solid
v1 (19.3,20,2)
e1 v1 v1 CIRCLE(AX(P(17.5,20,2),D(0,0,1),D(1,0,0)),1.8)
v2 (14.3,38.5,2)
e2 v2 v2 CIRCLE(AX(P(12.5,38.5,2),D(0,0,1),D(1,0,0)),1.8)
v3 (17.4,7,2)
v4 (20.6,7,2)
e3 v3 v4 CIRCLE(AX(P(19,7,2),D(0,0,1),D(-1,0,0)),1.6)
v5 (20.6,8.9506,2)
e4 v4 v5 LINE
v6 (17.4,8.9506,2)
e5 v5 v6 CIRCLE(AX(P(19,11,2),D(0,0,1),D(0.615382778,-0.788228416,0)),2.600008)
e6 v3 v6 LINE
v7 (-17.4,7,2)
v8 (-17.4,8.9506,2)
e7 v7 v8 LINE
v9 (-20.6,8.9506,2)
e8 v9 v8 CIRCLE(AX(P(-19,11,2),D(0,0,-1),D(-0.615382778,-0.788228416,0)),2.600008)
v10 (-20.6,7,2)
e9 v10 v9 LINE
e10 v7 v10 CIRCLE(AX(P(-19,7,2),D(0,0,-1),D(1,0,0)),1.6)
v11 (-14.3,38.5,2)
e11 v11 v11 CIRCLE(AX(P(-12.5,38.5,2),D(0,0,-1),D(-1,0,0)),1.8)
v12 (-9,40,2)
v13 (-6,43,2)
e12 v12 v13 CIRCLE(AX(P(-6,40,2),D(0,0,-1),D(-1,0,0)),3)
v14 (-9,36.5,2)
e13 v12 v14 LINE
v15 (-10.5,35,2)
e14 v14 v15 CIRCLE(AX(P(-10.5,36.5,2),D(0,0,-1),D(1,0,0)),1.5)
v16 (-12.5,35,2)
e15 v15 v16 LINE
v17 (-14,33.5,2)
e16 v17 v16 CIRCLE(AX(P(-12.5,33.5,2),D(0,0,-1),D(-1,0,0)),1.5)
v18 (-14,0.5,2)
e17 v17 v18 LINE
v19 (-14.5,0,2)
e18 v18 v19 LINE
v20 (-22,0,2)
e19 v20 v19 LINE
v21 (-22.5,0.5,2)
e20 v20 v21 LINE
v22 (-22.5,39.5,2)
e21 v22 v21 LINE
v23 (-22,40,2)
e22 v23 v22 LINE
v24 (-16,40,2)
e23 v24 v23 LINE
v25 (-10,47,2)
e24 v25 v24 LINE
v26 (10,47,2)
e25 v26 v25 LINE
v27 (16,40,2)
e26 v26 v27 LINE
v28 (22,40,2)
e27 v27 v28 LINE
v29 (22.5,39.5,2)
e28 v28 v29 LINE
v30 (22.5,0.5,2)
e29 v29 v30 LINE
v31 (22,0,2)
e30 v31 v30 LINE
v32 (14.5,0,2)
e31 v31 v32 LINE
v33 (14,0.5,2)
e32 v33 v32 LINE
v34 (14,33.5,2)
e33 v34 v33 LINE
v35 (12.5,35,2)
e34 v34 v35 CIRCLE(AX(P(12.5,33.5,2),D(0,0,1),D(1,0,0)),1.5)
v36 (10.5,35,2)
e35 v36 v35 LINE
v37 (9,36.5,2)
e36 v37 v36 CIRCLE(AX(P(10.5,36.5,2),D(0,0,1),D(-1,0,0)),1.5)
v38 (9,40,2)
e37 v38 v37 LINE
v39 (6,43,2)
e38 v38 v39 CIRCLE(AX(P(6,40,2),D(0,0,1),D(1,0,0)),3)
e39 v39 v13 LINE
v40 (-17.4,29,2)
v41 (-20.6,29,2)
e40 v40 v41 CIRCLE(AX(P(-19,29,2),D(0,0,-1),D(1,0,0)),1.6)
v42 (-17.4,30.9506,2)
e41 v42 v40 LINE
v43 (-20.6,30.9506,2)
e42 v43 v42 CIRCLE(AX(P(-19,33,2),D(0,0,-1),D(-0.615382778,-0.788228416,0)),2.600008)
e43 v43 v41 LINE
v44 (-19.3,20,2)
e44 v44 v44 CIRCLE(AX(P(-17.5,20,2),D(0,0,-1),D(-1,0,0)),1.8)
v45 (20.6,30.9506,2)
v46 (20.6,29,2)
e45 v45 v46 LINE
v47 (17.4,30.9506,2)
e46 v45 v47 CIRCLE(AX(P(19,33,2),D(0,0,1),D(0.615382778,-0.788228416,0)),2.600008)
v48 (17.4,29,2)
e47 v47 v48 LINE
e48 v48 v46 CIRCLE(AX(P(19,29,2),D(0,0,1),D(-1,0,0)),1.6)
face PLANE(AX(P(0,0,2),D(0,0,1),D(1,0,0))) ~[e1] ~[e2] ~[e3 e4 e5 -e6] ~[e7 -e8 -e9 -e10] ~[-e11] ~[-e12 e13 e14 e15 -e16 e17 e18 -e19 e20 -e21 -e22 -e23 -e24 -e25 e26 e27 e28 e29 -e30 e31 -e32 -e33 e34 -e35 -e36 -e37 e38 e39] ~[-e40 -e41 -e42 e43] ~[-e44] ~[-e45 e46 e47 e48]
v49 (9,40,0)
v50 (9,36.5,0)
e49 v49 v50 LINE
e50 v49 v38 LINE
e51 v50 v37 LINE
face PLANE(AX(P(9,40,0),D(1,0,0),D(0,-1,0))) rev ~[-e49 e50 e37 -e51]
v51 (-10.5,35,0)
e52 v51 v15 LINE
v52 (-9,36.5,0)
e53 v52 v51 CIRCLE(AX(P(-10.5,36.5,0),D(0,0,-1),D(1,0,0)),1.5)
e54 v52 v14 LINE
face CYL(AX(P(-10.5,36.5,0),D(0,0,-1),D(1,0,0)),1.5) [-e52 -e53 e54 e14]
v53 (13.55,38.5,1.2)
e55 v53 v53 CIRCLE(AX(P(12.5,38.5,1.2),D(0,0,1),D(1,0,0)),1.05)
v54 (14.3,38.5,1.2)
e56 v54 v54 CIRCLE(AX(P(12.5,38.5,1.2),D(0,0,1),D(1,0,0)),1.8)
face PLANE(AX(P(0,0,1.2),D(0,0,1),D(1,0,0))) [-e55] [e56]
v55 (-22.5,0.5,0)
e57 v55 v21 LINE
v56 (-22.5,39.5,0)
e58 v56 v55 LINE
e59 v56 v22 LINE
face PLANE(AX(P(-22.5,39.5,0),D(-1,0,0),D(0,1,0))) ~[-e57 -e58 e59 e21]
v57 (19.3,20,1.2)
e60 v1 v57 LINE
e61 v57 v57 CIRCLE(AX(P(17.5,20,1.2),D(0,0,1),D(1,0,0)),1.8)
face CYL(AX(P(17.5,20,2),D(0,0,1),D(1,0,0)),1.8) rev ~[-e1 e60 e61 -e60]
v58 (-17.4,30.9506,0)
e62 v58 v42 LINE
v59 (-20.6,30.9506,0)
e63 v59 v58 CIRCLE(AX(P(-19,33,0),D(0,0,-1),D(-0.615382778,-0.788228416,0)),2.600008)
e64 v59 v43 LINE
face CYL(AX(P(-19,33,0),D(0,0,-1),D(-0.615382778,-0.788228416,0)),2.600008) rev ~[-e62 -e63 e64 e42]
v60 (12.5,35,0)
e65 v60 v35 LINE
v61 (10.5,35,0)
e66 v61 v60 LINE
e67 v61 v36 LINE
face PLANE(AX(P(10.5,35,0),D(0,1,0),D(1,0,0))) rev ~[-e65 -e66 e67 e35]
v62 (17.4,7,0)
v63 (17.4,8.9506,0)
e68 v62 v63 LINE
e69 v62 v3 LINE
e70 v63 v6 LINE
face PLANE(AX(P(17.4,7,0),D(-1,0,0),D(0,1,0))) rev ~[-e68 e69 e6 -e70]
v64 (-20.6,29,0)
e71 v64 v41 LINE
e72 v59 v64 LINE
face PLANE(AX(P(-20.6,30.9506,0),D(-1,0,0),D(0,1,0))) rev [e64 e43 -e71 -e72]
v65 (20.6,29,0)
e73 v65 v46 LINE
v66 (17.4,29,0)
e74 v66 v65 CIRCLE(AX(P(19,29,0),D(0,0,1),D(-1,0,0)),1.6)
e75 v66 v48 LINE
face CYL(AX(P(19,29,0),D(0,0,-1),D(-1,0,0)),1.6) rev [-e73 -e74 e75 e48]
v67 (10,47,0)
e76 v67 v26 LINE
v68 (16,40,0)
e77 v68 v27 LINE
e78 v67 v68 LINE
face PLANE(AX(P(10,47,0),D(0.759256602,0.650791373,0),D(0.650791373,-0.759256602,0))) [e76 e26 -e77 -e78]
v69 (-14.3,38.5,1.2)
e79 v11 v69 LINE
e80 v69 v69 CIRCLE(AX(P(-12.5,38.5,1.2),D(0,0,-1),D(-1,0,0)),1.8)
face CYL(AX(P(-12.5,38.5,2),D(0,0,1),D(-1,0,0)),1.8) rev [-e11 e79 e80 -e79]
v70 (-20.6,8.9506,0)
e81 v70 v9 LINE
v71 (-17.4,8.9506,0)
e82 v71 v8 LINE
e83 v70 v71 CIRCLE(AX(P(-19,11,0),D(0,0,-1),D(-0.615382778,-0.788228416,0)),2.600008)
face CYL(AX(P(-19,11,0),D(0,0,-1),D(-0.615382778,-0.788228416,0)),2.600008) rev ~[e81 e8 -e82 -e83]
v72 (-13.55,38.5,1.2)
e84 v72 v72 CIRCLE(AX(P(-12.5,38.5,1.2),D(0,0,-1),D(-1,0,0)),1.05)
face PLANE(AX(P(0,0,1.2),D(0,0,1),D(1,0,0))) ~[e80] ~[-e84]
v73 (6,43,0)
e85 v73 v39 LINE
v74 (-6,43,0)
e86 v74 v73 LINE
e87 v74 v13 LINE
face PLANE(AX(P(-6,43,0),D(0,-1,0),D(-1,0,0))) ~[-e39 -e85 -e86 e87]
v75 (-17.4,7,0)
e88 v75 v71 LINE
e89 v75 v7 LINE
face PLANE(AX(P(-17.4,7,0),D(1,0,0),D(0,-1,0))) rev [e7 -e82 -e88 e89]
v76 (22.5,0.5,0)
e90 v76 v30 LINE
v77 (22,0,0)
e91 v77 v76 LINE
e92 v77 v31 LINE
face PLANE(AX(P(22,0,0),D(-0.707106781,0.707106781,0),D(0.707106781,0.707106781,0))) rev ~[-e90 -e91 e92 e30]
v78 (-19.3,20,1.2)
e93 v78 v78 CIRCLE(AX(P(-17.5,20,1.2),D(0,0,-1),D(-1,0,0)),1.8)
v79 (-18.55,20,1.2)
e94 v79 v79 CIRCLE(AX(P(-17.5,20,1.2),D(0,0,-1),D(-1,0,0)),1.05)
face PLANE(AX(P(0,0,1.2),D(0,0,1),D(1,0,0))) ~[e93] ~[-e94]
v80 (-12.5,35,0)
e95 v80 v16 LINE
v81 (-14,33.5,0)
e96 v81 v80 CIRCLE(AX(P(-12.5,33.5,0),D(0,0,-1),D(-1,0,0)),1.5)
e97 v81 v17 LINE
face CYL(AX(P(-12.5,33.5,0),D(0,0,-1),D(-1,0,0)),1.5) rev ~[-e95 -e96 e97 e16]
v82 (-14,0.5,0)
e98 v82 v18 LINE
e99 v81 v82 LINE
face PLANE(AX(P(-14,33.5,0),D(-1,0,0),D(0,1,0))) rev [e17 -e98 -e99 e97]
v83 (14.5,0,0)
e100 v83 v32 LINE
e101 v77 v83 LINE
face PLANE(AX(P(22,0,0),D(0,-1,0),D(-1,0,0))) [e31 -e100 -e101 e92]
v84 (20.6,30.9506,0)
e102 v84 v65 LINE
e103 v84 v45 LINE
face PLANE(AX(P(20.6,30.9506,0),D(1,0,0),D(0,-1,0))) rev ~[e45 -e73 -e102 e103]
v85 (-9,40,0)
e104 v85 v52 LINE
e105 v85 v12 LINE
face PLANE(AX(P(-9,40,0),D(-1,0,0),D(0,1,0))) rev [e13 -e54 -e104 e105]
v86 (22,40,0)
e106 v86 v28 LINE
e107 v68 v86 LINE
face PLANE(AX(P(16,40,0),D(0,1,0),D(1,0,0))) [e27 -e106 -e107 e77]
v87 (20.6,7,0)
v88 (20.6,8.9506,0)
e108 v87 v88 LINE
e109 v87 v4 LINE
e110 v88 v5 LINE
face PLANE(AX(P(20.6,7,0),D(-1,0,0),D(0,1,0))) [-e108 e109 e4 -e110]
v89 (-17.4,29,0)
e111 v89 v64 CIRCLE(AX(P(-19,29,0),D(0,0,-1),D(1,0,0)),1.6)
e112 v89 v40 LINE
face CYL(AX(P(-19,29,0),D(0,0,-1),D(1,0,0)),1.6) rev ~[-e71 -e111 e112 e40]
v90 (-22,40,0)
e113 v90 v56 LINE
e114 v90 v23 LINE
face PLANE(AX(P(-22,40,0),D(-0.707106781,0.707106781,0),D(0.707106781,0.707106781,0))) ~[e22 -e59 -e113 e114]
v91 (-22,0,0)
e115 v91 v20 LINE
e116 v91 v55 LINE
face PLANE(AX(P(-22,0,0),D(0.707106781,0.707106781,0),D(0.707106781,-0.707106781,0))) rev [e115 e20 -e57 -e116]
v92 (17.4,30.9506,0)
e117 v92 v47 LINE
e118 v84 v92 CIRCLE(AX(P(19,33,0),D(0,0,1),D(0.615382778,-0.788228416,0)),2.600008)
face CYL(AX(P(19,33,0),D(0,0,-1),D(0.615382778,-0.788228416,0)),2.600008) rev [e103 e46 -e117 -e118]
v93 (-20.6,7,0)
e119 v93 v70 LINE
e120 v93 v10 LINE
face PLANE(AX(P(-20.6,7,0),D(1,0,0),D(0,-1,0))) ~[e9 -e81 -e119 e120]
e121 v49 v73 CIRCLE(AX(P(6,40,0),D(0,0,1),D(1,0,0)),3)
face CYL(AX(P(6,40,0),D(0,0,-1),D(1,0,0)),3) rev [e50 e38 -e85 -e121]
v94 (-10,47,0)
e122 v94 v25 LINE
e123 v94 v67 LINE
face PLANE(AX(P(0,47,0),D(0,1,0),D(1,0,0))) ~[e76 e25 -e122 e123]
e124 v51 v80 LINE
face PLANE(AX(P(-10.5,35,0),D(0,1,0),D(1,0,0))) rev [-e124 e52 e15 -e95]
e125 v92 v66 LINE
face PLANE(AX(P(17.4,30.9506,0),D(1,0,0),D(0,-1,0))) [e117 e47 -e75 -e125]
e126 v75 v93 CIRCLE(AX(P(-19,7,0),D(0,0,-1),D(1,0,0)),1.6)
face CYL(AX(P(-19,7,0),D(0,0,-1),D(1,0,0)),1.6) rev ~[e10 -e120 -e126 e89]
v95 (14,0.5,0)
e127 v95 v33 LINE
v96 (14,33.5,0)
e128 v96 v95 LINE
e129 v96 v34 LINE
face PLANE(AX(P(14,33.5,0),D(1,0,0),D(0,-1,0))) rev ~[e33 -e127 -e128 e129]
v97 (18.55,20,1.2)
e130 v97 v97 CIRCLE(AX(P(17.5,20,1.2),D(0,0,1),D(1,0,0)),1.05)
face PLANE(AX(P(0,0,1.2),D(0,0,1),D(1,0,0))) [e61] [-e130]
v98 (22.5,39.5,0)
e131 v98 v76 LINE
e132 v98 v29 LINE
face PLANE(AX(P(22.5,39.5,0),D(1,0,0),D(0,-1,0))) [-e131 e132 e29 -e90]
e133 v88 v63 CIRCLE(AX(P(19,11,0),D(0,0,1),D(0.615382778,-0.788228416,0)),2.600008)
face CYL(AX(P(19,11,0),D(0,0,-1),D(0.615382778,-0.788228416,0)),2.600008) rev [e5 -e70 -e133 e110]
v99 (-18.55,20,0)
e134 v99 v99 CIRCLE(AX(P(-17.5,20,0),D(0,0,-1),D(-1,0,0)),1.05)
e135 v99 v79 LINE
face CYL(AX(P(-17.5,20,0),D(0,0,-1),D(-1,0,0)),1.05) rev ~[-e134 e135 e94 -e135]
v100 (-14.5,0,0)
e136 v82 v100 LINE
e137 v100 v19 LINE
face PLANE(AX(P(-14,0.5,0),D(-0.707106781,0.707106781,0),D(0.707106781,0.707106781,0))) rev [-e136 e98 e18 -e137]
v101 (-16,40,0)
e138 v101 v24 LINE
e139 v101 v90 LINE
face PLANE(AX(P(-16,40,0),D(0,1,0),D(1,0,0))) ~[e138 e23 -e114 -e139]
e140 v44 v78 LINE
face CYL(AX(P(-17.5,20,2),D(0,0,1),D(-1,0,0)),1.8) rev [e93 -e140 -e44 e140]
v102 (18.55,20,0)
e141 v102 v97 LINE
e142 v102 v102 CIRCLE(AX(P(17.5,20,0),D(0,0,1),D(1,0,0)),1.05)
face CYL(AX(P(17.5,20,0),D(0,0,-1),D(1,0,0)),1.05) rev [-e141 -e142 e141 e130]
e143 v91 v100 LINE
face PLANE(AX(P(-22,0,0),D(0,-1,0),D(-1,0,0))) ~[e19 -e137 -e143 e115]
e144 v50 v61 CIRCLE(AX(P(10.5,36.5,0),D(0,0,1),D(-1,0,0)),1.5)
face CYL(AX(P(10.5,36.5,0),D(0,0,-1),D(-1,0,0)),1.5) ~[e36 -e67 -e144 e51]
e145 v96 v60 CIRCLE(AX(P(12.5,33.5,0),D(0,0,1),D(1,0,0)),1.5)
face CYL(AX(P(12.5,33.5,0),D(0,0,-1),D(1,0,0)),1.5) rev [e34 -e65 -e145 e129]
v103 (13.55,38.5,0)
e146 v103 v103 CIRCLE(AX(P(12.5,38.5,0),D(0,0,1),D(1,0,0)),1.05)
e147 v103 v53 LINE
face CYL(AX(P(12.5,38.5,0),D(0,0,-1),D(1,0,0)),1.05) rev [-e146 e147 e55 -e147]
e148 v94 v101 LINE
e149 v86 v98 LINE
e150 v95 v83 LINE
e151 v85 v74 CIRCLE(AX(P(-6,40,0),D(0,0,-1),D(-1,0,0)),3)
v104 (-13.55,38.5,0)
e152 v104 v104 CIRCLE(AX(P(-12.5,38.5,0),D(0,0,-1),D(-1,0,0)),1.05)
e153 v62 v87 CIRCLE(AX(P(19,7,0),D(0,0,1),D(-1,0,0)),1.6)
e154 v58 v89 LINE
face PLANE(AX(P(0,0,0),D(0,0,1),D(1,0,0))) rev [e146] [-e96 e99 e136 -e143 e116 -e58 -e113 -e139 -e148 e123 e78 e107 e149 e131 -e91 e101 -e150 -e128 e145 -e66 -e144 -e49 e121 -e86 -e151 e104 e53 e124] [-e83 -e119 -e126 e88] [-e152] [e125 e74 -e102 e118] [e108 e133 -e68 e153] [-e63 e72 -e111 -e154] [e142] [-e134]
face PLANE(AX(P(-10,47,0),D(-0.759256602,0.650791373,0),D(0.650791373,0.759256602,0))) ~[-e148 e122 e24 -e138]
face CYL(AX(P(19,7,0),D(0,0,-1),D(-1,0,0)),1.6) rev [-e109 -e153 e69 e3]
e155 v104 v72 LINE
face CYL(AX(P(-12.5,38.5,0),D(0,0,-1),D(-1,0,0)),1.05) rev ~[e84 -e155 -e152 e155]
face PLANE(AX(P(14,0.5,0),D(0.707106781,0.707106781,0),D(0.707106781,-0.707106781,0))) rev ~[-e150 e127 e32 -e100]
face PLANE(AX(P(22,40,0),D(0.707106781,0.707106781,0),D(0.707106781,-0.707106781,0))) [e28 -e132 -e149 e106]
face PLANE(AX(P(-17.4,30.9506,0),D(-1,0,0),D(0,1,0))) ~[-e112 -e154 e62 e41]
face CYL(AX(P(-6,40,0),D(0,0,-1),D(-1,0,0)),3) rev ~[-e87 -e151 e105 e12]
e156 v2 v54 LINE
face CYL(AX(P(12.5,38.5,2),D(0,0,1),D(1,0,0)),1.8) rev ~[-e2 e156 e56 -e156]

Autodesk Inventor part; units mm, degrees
ref_plane "YZ Plane" through (0, 0, 0) normal (1, 0, 0) x (0, 1, 0)
ref_plane "XZ Plane" through (0, 0, 0) normal (0, 1, 0) x (-1, 0, 0)
ref_plane "XY Plane" through (0, 0, 0) normal (0, 0, 1) x (1, 0, 0)
sketch "スケッチ1" plane through (0, 0, 0) normal (0, 0, 1) x (1, 0, 0)
  line L0 (0, 0) -> (0, 51.1276) construction
  line L1 (-6, 43) -> (6, 43) construction
  arc A0 (9, 40) -> (6, 43) centre (6, 40) ccw projected
  line L2 (9, 40) -> (9, 36.5) projected
  line L3 (10.5, 35) -> (12.5, 35)
  arc A1 (14, 33.5) -> (12.5, 35) centre (12.5, 33.5) ccw
  line L4 (14, 0) -> (14, 33.5) construction
  line L5 (10, 47) -> (-10, 47) construction
  line L6 (16, 40) -> (10, 47) construction
  line L7 (16, 26.6395) -> (16, 40) construction
  circle A2 centre (12.5, 38.5) radius 1.5 construction
  circle A3 centre (17.5, 20) radius 1.5 construction
  line L8 (22.5, 39.5) -> (22.5, 0.5)
  line L9 (22, 0) -> (14.5, 0)
  arc A4 (20.6, 30.9506) -> (17.4, 30.9506) centre (19, 33) ccw
  arc A5 (17.4, 29) -> (20.6, 29) centre (19, 29) ccw
  line L10 (17.4, 30.9506) -> (17.4, 29)
  line L11 (20.6, 30.9506) -> (20.6, 29)
  line L12 (19, 29) -> (19, 33) construction
  line L13 (10, 47) -> (16, 40)
  arc A6 (17.4, 7) -> (20.6, 7) centre (19, 7) ccw
  line L14 (17.4, 7) -> (17.4, 8.9506)
  line L15 (20.6, 7) -> (20.6, 8.9506)
  arc A7 (20.6, 8.9506) -> (17.4, 8.9506) centre (19, 11) ccw
  line L16 (19, 11) -> (19, 7) construction
  line L17 (14, 33.5) -> (14, 0.5)
  line L18 (0, 43) -> (0, 47)
  line L19 (0, 47) -> (10, 47)
  line L20 (6, 43) -> (0, 43)
  line L21 (16, 40) -> (22, 40)
  line L22 (22, 40) -> (22.5, 39.5)
  line L23 (22, 0) -> (22.5, 0.5)
  circle A8 centre (17.5, 20) radius 1.05
  circle A9 centre (12.5, 38.5) radius 1.05
  arc A10 (9, 36.5) -> (10.5, 35) centre (10.5, 36.5) ccw
  line L24 (14, 0.5) -> (14.5, 0)
  point P0 (22.5, 40)
  point P1 (22.5, 0)
  dimension "d5" = 2.6
  dimension "d6" = 4
  dimension "d10" = 4
  dimension "d14" = 0.5
  dimension "d15" = 0.5
  dimension "d17" = 0.5
  dimension "d18" = 0.5
  dimension "d19" = 2.1
  dimension "d20" = 9
  dimension "d21" = 9
  dimension "d22" = 2.1
  dimension "d23" = 1.5
  dimension "d24" = 1.6
  dimension "d25" = 2.6
  dimension "d26" = 1.6
  dimension "d28" = 38
  dimension "d29" = 45
  dimension "d30" = 40
  dimension "d31" = 0.5
  dimension "d32" = 0.5
  dimension "d36" = 28
  dimension "d37" = 10
  dimension "d38" = 6
  dimension "d39" = 7
extrude "押し出し1" add sketch "スケッチ1" along normal blind 2
sketch "スケッチ3" plane through (0, 0, 2) normal (0, 0, 1) x (1, 0, 0)
  circle A0 centre (17.5, 20) radius 1.05 projected
  circle A1 centre (17.5, 20) radius 1.8
  circle A2 centre (12.5, 38.5) radius 1.05 projected
  circle A3 centre (12.5, 38.5) radius 1.8
  point P0 (0, 0)
  dimension "d33" = 3.6
extrude "押し出し2" cut sketch "スケッチ3" against normal blind 0.8
mirror "ミラー1" about plane through (0, 0, 0) normal (1, 0, 0) of "押し出し1", "押し出し2"
equation "\"d15\" = d14"
equation "\"d18\" = d17"
properties part number "16_035_BATTERY_HOLDER_BACK_R1"
